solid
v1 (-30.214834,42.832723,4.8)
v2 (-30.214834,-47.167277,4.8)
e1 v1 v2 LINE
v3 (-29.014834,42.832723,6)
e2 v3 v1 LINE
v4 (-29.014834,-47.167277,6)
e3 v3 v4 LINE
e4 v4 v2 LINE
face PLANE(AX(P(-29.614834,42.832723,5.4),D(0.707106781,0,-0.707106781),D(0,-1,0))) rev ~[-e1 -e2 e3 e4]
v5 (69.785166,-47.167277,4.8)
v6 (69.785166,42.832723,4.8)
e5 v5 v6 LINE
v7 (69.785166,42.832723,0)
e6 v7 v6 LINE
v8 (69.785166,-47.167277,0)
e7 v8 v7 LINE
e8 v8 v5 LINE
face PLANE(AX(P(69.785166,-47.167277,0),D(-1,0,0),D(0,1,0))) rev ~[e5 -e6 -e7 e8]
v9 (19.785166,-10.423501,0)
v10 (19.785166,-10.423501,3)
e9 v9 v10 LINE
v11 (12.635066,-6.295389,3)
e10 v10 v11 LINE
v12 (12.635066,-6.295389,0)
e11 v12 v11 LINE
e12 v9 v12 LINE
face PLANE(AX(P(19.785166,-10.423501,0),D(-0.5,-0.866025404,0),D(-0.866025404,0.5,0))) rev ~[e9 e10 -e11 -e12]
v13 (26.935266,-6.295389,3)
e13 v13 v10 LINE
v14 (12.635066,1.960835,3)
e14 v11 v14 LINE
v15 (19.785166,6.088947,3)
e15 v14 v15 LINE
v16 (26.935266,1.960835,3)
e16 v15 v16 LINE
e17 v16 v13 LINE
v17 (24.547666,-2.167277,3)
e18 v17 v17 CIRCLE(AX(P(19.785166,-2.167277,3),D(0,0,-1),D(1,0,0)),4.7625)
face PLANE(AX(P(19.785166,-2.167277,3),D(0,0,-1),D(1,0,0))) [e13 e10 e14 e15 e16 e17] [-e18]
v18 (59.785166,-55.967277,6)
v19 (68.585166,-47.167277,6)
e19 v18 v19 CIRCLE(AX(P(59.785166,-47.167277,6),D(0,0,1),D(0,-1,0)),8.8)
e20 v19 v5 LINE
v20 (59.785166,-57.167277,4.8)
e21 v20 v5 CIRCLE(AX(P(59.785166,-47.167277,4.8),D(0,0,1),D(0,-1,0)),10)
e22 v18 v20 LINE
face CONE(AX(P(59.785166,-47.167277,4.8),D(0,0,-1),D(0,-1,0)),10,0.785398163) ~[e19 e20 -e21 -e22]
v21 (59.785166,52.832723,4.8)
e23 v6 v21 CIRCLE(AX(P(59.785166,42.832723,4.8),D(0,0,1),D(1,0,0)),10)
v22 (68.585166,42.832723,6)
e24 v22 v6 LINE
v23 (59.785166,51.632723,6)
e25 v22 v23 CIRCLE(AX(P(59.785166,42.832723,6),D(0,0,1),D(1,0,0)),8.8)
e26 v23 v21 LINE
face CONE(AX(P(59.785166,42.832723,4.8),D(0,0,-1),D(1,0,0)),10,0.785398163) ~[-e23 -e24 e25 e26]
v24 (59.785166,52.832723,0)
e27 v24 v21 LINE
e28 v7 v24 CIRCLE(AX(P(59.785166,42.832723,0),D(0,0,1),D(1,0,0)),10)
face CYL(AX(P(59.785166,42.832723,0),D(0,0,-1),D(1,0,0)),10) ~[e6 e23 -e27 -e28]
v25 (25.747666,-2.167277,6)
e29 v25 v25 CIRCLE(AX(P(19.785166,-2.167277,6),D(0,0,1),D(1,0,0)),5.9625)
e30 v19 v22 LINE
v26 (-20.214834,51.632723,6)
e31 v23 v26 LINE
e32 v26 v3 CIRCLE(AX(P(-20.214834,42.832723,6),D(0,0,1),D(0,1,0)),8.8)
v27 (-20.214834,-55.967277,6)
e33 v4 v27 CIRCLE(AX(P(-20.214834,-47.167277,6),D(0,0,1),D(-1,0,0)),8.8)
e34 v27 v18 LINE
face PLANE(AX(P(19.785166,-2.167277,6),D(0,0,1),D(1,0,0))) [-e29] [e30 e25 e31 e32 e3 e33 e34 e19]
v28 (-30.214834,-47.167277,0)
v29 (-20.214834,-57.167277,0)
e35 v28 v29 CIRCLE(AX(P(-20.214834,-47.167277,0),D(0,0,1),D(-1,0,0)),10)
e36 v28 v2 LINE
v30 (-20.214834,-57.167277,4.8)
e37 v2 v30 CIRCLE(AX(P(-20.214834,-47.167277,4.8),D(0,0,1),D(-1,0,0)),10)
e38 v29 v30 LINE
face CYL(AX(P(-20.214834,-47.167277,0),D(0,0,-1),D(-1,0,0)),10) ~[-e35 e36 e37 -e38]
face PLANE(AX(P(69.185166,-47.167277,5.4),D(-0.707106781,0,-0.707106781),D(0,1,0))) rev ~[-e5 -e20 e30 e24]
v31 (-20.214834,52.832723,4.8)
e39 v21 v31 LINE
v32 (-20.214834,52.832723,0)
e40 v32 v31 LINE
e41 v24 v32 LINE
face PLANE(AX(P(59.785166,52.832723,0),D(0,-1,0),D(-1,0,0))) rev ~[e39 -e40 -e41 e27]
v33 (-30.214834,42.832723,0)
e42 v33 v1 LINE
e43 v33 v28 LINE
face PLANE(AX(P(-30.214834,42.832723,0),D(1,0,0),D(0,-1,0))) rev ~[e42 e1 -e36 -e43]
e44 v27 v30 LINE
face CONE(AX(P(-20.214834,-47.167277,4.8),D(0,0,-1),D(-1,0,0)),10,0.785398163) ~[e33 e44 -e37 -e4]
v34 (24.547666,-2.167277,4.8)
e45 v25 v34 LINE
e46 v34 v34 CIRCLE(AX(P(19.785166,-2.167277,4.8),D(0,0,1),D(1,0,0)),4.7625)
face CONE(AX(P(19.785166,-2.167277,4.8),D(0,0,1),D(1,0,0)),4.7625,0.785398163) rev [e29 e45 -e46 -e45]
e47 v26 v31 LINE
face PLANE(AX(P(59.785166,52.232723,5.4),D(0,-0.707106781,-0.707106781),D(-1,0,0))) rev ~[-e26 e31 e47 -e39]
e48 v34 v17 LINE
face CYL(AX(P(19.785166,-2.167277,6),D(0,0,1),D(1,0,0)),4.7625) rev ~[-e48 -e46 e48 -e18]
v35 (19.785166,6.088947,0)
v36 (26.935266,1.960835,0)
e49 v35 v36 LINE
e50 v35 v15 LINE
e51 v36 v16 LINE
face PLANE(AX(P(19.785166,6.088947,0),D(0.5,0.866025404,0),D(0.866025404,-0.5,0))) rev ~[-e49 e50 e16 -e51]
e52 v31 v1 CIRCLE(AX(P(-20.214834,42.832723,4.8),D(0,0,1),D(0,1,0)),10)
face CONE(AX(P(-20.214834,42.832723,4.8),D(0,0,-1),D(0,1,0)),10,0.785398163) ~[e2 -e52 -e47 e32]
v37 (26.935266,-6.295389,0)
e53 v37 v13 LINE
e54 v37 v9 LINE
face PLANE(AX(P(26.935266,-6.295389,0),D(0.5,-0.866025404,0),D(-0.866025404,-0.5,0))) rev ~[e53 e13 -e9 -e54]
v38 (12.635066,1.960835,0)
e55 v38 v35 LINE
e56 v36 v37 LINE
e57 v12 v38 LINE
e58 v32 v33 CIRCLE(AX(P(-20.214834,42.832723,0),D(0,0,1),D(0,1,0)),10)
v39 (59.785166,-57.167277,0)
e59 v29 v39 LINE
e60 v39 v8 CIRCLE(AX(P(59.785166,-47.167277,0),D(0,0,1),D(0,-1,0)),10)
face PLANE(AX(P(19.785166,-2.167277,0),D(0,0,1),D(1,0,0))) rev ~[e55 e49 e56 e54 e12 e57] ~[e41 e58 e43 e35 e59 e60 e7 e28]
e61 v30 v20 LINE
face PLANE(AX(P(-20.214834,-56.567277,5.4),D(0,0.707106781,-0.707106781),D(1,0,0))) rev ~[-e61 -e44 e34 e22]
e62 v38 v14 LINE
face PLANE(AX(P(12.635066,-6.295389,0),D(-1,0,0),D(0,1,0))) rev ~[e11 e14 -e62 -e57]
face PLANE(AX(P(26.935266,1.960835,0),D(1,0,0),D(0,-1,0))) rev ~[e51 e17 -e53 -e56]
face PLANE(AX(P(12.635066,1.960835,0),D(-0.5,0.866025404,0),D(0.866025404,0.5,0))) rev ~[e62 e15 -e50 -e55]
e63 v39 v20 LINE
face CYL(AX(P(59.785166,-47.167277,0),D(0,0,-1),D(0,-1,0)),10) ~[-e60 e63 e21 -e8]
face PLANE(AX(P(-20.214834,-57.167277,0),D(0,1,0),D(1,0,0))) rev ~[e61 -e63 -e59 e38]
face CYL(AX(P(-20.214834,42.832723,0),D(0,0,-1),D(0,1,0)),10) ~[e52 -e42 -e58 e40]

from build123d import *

# Parameters (mm, degrees)
F1_DEPTH = 6
F2_R     = 4.7625
F3_DEPTH = 25
F4_R     = 4.7625
F5_DEPTH = 3
F6_SIZE  = 1.2


with BuildPart() as f1:
    # F0 (on Top) → F1 (new body)
    with BuildSketch(Plane.XY):
        with BuildLine():
            ThreePointArc((-30.2148338807, -47.1672770381), (-27.2859016925, -54.23834485), (-20.2148338807, -57.1672770381))
            Line((-20.2148338807, -57.1672770381), (59.7851661193, -57.1672770381))
            ThreePointArc((59.7851661193, -57.1672770381), (66.8562339312, -54.23834485), (69.7851661193, -47.1672770381))
            Line((69.7851661193, -47.1672770381), (69.7851661193, 42.8327229619))
            ThreePointArc((69.7851661193, 42.8327229619), (66.8562339312, 49.9037907738), (59.7851661193, 52.8327229619))
            Line((59.7851661193, 52.8327229619), (-20.2148338807, 52.8327229619))
            ThreePointArc((-20.2148338807, 52.8327229619), (-27.2859016925, 49.9037907738), (-30.2148338807, 42.8327229619))
            Line((-30.2148338807, 42.8327229619), (-30.2148338807, -47.1672770381))
        make_face()
    extrude(amount=F1_DEPTH)

    # F2 (on face) → F3 (cut)
    with BuildSketch(Plane.XY.offset(6)):
        with Locations((19.7851661193, -2.1672770381)):
            Circle(F2_R)
    extrude(amount=-F3_DEPTH, mode=Mode.SUBTRACT)

    # F4 (on face) → F5 (cut)
    with BuildSketch(Plane(origin=(0, 0, 0), x_dir=(1, 0, 0), z_dir=(0, 0, -1))):
        Polygon((26.9352661193, -1.9608351216), (26.9352661193, 6.2953891978), (19.7851661193, 10.4235013576), (12.6350661193, 6.2953891978), (12.6350661193, -1.9608351216), (19.7851661193, -6.0889472814), align=None)
        with Locations((19.7851661193, 2.1672770381)):
            Circle(F4_R, mode=Mode.SUBTRACT)
    extrude(amount=-F5_DEPTH, mode=Mode.SUBTRACT)

    # F6
    f6_edges = [f1.edges().sort_by_distance(p)[0] for p in [
        (-27.285902, 49.903791, 6),
        (19.785166, 52.832723, 6),
        (-30.214834, -2.167277, 6),
        (66.856234, 49.903791, 6),
        (-27.285902, -54.238345, 6),
        (69.785166, -2.167277, 6),
        (19.785166, -57.167277, 6),
        (66.856234, -54.238345, 6),
        (15.022666, -2.167277, 6),
    ]]
    chamfer(f6_edges, length=F6_SIZE)


solid = f1.part
